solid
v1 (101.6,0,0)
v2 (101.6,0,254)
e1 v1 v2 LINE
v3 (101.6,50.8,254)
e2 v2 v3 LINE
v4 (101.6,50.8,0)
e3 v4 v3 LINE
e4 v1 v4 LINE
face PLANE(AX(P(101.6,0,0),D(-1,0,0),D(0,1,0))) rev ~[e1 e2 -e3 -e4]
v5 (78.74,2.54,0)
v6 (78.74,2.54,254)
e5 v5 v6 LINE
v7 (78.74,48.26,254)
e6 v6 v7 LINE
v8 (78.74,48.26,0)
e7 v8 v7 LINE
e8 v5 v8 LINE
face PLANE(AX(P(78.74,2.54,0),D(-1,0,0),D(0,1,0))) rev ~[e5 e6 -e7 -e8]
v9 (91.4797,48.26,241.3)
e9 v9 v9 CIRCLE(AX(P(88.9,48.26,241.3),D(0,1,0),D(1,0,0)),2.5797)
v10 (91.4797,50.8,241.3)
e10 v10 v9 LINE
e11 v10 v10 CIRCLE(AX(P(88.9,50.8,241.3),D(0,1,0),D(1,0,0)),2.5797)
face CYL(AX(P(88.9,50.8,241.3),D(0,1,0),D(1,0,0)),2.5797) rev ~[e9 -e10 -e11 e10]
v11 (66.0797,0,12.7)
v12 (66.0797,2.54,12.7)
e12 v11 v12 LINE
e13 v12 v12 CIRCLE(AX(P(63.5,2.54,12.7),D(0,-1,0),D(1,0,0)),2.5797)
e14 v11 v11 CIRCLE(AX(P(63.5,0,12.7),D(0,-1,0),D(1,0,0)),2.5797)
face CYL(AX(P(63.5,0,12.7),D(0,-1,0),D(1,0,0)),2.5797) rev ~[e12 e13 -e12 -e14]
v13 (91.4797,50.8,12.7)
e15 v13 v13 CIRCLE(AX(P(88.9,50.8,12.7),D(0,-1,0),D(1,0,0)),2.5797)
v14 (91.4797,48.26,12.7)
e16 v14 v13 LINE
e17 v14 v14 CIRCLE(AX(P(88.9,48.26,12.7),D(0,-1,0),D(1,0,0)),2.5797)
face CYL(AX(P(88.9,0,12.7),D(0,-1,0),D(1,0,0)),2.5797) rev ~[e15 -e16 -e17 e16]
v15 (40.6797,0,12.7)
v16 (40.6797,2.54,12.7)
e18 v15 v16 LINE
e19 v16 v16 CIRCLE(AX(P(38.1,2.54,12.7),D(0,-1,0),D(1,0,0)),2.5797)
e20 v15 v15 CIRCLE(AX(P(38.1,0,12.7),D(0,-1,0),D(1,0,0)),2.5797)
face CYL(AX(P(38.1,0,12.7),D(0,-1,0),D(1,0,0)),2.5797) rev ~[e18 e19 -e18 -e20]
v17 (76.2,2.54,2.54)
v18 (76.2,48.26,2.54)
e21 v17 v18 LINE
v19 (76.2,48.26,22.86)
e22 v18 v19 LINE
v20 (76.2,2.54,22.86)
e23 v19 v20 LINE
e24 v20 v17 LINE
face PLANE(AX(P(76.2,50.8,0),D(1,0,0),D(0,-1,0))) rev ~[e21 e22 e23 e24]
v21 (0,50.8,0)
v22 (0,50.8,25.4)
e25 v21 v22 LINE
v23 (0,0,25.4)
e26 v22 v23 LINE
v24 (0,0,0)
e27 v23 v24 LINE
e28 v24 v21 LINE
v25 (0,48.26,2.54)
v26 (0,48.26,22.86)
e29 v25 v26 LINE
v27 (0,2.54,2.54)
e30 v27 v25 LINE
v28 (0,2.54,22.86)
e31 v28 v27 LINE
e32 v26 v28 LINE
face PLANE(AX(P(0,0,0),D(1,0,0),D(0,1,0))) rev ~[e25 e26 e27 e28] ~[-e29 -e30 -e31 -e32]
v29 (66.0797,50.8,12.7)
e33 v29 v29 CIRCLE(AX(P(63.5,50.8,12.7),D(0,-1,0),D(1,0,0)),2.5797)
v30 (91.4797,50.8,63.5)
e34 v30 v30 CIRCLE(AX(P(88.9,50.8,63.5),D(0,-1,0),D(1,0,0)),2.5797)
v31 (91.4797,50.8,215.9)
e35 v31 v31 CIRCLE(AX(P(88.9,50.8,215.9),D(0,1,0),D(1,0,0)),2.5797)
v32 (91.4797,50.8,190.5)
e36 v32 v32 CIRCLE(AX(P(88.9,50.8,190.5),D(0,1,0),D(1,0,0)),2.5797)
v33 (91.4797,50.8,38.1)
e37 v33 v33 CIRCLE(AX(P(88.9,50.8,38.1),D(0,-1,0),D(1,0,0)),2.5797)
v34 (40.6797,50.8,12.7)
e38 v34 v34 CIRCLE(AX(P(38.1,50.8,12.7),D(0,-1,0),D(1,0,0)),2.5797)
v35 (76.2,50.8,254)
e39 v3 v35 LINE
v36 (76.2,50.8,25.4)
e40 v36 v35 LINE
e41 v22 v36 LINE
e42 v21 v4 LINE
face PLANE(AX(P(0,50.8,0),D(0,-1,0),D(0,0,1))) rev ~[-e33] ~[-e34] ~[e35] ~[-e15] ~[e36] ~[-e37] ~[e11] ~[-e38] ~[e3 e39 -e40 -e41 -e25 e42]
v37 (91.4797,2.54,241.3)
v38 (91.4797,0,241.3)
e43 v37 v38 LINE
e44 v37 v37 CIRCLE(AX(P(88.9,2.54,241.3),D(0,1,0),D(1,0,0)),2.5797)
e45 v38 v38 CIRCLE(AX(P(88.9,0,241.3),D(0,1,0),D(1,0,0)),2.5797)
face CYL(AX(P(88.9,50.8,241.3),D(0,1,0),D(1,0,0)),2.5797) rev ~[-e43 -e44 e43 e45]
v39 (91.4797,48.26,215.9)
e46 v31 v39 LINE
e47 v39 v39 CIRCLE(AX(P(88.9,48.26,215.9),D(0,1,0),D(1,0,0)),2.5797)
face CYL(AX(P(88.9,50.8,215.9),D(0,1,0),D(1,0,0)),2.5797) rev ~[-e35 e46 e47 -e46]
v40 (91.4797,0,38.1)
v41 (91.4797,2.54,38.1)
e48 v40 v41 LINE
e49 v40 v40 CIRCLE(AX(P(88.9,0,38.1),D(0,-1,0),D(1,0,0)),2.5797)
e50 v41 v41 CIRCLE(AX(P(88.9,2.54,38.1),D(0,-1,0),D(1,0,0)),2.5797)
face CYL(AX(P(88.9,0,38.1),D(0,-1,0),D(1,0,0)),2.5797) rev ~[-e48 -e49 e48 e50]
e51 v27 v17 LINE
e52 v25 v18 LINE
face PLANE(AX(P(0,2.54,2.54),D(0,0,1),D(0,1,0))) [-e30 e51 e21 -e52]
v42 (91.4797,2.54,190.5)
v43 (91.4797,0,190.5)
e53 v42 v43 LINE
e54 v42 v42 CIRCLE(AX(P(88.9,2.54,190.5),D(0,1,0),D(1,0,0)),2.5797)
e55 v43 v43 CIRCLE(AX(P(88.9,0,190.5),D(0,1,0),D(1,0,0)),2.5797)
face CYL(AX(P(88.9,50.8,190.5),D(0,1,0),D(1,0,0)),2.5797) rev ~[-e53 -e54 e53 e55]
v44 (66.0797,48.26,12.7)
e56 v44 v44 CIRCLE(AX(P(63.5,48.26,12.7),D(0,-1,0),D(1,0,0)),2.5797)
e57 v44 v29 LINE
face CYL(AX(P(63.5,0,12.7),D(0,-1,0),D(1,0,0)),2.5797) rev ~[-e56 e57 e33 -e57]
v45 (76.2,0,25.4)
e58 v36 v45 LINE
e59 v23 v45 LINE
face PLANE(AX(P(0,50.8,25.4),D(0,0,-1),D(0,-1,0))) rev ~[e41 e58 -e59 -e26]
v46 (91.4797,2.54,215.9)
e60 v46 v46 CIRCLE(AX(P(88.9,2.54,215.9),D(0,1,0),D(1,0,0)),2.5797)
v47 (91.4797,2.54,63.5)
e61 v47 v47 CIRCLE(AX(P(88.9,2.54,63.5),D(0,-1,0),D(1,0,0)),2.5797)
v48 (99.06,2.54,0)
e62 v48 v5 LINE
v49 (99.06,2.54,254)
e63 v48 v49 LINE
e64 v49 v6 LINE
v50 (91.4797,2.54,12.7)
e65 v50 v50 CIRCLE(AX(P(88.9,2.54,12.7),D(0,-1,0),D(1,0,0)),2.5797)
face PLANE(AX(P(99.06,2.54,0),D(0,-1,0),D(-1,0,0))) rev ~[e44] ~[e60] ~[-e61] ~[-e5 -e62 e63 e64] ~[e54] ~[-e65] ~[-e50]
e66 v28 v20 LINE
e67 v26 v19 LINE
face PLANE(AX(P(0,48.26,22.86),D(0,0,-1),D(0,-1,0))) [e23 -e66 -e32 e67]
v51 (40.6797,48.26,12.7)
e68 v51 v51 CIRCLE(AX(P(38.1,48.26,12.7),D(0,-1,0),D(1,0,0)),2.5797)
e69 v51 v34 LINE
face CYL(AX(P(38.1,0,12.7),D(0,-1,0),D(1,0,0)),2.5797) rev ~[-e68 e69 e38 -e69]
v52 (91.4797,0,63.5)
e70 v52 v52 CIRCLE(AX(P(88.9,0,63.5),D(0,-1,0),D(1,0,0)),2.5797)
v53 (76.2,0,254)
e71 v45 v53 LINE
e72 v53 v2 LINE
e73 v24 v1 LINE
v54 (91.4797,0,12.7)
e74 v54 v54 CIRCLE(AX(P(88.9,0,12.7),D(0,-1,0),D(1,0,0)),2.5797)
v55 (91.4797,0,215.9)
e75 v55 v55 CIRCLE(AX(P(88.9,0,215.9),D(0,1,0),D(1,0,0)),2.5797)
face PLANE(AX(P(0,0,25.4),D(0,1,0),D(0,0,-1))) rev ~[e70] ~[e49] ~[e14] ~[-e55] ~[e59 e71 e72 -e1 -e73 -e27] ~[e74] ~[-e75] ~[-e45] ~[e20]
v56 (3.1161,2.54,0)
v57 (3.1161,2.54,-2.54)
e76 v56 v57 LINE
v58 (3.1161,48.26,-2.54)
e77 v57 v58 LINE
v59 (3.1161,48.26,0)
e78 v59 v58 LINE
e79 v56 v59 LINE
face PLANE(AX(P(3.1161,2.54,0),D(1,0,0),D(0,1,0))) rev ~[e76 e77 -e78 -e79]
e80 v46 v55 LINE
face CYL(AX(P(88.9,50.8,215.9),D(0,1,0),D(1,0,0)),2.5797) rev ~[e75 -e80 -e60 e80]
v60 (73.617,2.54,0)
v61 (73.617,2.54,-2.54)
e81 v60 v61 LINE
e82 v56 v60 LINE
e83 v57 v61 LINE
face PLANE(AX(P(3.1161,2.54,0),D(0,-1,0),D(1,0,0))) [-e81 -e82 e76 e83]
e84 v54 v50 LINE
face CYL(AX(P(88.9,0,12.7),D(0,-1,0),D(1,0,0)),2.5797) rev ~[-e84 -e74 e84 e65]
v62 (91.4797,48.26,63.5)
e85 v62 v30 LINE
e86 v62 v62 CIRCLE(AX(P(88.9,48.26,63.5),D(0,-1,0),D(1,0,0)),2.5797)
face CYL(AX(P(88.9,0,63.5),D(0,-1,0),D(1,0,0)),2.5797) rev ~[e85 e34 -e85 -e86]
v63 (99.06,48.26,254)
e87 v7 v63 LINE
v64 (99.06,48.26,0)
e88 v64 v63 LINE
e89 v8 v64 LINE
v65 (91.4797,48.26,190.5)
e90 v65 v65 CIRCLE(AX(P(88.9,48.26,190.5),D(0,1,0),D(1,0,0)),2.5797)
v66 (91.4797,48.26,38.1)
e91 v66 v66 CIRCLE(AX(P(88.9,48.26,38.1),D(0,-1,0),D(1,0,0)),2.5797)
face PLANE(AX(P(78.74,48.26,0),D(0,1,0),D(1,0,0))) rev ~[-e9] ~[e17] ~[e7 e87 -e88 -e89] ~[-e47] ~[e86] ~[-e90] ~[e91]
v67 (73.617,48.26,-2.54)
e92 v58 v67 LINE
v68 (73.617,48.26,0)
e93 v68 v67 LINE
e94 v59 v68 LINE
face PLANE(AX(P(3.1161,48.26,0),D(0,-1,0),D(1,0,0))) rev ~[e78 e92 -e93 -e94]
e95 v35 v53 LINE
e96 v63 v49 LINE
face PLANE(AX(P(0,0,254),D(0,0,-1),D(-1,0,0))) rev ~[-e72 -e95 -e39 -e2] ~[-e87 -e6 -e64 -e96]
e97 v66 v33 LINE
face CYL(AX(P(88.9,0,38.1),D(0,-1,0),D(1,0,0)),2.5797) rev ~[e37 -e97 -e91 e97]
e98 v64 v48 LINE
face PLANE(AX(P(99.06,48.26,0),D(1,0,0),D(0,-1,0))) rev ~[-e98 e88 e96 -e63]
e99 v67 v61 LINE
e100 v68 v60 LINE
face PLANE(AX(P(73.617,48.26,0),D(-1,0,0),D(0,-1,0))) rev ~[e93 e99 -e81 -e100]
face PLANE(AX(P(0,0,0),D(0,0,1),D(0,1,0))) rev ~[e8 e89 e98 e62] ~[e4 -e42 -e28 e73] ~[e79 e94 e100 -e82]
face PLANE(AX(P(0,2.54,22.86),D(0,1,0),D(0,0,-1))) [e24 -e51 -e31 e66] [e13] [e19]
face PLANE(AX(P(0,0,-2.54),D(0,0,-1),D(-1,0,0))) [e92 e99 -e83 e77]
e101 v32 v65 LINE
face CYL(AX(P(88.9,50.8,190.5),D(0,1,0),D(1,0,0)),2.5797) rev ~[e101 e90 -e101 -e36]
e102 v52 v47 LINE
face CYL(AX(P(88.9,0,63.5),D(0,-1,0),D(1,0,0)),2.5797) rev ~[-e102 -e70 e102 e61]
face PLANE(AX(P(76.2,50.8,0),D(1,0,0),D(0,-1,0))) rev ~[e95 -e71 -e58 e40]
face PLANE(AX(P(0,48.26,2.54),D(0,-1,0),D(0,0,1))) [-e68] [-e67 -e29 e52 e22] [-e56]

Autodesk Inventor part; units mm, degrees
ref_plane "YZ Plane" through (0, 0, 0) normal (1, 0, 0) x (0, 1, 0)
ref_plane "XZ Plane" through (0, 0, 0) normal (0, 1, 0) x (-1, 0, 0)
ref_plane "XY Plane" through (0, 0, 0) normal (0, 0, 1) x (1, 0, 0)
sketch "Sketch15" plane through (0, 0, 0) normal (1, 0, 0) x (0, 1, 0)
  line L0 (0, 0) -> (50.8, 0)
  line L1 (50.8, 0) -> (50.8, 25.4)
  line L2 (50.8, 25.4) -> (0, 25.4)
  line L3 (0, 25.4) -> (0, 0)
  line L4 (48.26, 22.86) -> (2.54, 22.86)
  line L5 (2.54, 22.86) -> (2.54, 2.54)
  line L6 (2.54, 2.54) -> (48.26, 2.54)
  line L7 (48.26, 2.54) -> (48.26, 22.86)
  dimension "d46" = 25.4
  dimension "d47" = 50.8
  dimension "d48" = 2.54
  dimension "d49" = 2.54
  dimension "d50" = 2.54
  dimension "d51" = 2.54
extrude "Extrusion12" add sketch "Sketch15" along normal blind 76.2
sketch "Sketch16" plane through (0, 0, 0) normal (0, 0, -1) x (-1, 0, 0)
  line L0 (0, 0) -> (-76.2, 0) projected
  line L1 (-76.2, 0) -> (-101.6, 0)
  line L2 (-101.6, 0) -> (-101.6, 50.8)
  line L3 (-101.6, 50.8) -> (-76.2, 50.8)
  line L4 (-76.2, 50.8) -> (-76.2, 0)
  line L5 (-78.74, 48.26) -> (-99.06, 48.26)
  line L6 (-99.06, 48.26) -> (-99.06, 2.54)
  line L7 (-99.06, 2.54) -> (-78.74, 2.54)
  line L8 (-78.74, 2.54) -> (-78.74, 48.26)
  dimension "d54" = 25.4
  dimension "d55" = 50.8
  dimension "d56" = 2.54
  dimension "d57" = 2.54
  dimension "d58" = 2.54
  dimension "d59" = 2.54
extrude "Extrusion13" add sketch "Sketch16" against normal blind 254
sketch "Sketch17" plane through (0, 0, 0) normal (0, 0, -1) x (-1, 0, 0)
  line L0 (0, 2.54) -> (-76.2, 2.54) projected
  line L1 (0, 48.26) -> (-76.2, 48.26) projected
  line L2 (-73.617, 2.54) -> (-3.1161, 2.54)
  line L3 (-3.1161, 2.54) -> (-3.1161, 48.26)
  line L4 (-3.1161, 48.26) -> (-73.617, 48.26)
  line L5 (-73.617, 48.26) -> (-73.617, 2.54)
  point P0 (0, 0)
extrude "Extrusion14" add sketch "Sketch17" along normal blind 2.54
sketch "Sketch20" plane through (0, 0, 0) normal (0, -1, 0) x (1, 0, 0)
  circle A0 centre (88.9, 12.7) radius 2.5797
  circle A1 centre (63.5, 12.7) radius 2.5797
  circle A2 centre (38.1, 12.7) radius 2.5797
  line L0 (0, 25.4) -> (76.2, 25.4) projected
  circle A3 centre (88.9, 38.1) radius 2.5797
  circle A4 centre (88.9, 63.5) radius 2.5797
  line L1 (76.2, 25.4) -> (76.2, 254) projected
  line L2 (101.6, 0) -> (101.6, 254) projected
  point P0 (0, 0)
  dimension "d71" = 12.7
  dimension "d72" = 12.7
  dimension "d73" = 12.7
  dimension "d74" = 5.1594
  dimension "d75" = 5.1594
  dimension "d76" = 5.1594
  dimension "d77" = 12.7
  dimension "d78" = 12.7
  dimension "d79" = 5.1594
  dimension "d80" = 5.1594
  dimension "d81" = 12.7
  dimension "d82" = 25.4
  dimension "d83" = 25.4
  dimension "d84" = 25.4
  dimension "d85" = 25.4
extrude "Extrusion16" cut sketch "Sketch20" against normal blind 76.2
sketch "Sketch21" plane through (0, 50.8, 25.4) normal (0, 1, 0) x (1, 0, 0)
  circle A0 centre (88.9, -215.9) radius 2.5797
  circle A1 centre (88.9, -190.5) radius 2.5797
  circle A2 centre (88.9, -165.1) radius 2.5797
  line L0 (101.6, -228.6) -> (76.2, -228.6) projected
  line L1 (76.2, 0) -> (76.2, -228.6) projected
  point P0 (0, 25.4)
  dimension "d88" = 5.1594
  dimension "d89" = 5.1594
  dimension "d90" = 5.1594
  dimension "d91" = 25.4
  dimension "d92" = 25.4
  dimension "d93" = 12.7
  dimension "d94" = 12.7
  dimension "d95" = 12.7
  dimension "d96" = 12.7
extrude "Extrusion17" cut sketch "Sketch21" against normal blind 76.2
equation "\"d49\" = d48"
equation "\"d50\" = d48"
equation "\"d51\" = d48"
equation "\"d56\" = d48"
equation "\"d57\" = d48"
equation "\"d58\" = d48"
equation "\"d59\" = d48"
equation "\"d72\" = d71"
equation "\"d73\" = d71"
equation "\"d75\" = d74"
equation "\"d76\" = d74"
equation "\"d77\" = d71"
equation "\"d78\" = d71"
equation "\"d79\" = d74"
equation "\"d80\" = d74"
equation "\"d81\" = d71"
equation "\"d83\" = d82"
equation "\"d84\" = d82"
equation "\"d85\" = d82"
equation "\"d88\" = d90"
equation "\"d89\" = d90"
equation "\"d92\" = d91"
properties part number "right arm"
